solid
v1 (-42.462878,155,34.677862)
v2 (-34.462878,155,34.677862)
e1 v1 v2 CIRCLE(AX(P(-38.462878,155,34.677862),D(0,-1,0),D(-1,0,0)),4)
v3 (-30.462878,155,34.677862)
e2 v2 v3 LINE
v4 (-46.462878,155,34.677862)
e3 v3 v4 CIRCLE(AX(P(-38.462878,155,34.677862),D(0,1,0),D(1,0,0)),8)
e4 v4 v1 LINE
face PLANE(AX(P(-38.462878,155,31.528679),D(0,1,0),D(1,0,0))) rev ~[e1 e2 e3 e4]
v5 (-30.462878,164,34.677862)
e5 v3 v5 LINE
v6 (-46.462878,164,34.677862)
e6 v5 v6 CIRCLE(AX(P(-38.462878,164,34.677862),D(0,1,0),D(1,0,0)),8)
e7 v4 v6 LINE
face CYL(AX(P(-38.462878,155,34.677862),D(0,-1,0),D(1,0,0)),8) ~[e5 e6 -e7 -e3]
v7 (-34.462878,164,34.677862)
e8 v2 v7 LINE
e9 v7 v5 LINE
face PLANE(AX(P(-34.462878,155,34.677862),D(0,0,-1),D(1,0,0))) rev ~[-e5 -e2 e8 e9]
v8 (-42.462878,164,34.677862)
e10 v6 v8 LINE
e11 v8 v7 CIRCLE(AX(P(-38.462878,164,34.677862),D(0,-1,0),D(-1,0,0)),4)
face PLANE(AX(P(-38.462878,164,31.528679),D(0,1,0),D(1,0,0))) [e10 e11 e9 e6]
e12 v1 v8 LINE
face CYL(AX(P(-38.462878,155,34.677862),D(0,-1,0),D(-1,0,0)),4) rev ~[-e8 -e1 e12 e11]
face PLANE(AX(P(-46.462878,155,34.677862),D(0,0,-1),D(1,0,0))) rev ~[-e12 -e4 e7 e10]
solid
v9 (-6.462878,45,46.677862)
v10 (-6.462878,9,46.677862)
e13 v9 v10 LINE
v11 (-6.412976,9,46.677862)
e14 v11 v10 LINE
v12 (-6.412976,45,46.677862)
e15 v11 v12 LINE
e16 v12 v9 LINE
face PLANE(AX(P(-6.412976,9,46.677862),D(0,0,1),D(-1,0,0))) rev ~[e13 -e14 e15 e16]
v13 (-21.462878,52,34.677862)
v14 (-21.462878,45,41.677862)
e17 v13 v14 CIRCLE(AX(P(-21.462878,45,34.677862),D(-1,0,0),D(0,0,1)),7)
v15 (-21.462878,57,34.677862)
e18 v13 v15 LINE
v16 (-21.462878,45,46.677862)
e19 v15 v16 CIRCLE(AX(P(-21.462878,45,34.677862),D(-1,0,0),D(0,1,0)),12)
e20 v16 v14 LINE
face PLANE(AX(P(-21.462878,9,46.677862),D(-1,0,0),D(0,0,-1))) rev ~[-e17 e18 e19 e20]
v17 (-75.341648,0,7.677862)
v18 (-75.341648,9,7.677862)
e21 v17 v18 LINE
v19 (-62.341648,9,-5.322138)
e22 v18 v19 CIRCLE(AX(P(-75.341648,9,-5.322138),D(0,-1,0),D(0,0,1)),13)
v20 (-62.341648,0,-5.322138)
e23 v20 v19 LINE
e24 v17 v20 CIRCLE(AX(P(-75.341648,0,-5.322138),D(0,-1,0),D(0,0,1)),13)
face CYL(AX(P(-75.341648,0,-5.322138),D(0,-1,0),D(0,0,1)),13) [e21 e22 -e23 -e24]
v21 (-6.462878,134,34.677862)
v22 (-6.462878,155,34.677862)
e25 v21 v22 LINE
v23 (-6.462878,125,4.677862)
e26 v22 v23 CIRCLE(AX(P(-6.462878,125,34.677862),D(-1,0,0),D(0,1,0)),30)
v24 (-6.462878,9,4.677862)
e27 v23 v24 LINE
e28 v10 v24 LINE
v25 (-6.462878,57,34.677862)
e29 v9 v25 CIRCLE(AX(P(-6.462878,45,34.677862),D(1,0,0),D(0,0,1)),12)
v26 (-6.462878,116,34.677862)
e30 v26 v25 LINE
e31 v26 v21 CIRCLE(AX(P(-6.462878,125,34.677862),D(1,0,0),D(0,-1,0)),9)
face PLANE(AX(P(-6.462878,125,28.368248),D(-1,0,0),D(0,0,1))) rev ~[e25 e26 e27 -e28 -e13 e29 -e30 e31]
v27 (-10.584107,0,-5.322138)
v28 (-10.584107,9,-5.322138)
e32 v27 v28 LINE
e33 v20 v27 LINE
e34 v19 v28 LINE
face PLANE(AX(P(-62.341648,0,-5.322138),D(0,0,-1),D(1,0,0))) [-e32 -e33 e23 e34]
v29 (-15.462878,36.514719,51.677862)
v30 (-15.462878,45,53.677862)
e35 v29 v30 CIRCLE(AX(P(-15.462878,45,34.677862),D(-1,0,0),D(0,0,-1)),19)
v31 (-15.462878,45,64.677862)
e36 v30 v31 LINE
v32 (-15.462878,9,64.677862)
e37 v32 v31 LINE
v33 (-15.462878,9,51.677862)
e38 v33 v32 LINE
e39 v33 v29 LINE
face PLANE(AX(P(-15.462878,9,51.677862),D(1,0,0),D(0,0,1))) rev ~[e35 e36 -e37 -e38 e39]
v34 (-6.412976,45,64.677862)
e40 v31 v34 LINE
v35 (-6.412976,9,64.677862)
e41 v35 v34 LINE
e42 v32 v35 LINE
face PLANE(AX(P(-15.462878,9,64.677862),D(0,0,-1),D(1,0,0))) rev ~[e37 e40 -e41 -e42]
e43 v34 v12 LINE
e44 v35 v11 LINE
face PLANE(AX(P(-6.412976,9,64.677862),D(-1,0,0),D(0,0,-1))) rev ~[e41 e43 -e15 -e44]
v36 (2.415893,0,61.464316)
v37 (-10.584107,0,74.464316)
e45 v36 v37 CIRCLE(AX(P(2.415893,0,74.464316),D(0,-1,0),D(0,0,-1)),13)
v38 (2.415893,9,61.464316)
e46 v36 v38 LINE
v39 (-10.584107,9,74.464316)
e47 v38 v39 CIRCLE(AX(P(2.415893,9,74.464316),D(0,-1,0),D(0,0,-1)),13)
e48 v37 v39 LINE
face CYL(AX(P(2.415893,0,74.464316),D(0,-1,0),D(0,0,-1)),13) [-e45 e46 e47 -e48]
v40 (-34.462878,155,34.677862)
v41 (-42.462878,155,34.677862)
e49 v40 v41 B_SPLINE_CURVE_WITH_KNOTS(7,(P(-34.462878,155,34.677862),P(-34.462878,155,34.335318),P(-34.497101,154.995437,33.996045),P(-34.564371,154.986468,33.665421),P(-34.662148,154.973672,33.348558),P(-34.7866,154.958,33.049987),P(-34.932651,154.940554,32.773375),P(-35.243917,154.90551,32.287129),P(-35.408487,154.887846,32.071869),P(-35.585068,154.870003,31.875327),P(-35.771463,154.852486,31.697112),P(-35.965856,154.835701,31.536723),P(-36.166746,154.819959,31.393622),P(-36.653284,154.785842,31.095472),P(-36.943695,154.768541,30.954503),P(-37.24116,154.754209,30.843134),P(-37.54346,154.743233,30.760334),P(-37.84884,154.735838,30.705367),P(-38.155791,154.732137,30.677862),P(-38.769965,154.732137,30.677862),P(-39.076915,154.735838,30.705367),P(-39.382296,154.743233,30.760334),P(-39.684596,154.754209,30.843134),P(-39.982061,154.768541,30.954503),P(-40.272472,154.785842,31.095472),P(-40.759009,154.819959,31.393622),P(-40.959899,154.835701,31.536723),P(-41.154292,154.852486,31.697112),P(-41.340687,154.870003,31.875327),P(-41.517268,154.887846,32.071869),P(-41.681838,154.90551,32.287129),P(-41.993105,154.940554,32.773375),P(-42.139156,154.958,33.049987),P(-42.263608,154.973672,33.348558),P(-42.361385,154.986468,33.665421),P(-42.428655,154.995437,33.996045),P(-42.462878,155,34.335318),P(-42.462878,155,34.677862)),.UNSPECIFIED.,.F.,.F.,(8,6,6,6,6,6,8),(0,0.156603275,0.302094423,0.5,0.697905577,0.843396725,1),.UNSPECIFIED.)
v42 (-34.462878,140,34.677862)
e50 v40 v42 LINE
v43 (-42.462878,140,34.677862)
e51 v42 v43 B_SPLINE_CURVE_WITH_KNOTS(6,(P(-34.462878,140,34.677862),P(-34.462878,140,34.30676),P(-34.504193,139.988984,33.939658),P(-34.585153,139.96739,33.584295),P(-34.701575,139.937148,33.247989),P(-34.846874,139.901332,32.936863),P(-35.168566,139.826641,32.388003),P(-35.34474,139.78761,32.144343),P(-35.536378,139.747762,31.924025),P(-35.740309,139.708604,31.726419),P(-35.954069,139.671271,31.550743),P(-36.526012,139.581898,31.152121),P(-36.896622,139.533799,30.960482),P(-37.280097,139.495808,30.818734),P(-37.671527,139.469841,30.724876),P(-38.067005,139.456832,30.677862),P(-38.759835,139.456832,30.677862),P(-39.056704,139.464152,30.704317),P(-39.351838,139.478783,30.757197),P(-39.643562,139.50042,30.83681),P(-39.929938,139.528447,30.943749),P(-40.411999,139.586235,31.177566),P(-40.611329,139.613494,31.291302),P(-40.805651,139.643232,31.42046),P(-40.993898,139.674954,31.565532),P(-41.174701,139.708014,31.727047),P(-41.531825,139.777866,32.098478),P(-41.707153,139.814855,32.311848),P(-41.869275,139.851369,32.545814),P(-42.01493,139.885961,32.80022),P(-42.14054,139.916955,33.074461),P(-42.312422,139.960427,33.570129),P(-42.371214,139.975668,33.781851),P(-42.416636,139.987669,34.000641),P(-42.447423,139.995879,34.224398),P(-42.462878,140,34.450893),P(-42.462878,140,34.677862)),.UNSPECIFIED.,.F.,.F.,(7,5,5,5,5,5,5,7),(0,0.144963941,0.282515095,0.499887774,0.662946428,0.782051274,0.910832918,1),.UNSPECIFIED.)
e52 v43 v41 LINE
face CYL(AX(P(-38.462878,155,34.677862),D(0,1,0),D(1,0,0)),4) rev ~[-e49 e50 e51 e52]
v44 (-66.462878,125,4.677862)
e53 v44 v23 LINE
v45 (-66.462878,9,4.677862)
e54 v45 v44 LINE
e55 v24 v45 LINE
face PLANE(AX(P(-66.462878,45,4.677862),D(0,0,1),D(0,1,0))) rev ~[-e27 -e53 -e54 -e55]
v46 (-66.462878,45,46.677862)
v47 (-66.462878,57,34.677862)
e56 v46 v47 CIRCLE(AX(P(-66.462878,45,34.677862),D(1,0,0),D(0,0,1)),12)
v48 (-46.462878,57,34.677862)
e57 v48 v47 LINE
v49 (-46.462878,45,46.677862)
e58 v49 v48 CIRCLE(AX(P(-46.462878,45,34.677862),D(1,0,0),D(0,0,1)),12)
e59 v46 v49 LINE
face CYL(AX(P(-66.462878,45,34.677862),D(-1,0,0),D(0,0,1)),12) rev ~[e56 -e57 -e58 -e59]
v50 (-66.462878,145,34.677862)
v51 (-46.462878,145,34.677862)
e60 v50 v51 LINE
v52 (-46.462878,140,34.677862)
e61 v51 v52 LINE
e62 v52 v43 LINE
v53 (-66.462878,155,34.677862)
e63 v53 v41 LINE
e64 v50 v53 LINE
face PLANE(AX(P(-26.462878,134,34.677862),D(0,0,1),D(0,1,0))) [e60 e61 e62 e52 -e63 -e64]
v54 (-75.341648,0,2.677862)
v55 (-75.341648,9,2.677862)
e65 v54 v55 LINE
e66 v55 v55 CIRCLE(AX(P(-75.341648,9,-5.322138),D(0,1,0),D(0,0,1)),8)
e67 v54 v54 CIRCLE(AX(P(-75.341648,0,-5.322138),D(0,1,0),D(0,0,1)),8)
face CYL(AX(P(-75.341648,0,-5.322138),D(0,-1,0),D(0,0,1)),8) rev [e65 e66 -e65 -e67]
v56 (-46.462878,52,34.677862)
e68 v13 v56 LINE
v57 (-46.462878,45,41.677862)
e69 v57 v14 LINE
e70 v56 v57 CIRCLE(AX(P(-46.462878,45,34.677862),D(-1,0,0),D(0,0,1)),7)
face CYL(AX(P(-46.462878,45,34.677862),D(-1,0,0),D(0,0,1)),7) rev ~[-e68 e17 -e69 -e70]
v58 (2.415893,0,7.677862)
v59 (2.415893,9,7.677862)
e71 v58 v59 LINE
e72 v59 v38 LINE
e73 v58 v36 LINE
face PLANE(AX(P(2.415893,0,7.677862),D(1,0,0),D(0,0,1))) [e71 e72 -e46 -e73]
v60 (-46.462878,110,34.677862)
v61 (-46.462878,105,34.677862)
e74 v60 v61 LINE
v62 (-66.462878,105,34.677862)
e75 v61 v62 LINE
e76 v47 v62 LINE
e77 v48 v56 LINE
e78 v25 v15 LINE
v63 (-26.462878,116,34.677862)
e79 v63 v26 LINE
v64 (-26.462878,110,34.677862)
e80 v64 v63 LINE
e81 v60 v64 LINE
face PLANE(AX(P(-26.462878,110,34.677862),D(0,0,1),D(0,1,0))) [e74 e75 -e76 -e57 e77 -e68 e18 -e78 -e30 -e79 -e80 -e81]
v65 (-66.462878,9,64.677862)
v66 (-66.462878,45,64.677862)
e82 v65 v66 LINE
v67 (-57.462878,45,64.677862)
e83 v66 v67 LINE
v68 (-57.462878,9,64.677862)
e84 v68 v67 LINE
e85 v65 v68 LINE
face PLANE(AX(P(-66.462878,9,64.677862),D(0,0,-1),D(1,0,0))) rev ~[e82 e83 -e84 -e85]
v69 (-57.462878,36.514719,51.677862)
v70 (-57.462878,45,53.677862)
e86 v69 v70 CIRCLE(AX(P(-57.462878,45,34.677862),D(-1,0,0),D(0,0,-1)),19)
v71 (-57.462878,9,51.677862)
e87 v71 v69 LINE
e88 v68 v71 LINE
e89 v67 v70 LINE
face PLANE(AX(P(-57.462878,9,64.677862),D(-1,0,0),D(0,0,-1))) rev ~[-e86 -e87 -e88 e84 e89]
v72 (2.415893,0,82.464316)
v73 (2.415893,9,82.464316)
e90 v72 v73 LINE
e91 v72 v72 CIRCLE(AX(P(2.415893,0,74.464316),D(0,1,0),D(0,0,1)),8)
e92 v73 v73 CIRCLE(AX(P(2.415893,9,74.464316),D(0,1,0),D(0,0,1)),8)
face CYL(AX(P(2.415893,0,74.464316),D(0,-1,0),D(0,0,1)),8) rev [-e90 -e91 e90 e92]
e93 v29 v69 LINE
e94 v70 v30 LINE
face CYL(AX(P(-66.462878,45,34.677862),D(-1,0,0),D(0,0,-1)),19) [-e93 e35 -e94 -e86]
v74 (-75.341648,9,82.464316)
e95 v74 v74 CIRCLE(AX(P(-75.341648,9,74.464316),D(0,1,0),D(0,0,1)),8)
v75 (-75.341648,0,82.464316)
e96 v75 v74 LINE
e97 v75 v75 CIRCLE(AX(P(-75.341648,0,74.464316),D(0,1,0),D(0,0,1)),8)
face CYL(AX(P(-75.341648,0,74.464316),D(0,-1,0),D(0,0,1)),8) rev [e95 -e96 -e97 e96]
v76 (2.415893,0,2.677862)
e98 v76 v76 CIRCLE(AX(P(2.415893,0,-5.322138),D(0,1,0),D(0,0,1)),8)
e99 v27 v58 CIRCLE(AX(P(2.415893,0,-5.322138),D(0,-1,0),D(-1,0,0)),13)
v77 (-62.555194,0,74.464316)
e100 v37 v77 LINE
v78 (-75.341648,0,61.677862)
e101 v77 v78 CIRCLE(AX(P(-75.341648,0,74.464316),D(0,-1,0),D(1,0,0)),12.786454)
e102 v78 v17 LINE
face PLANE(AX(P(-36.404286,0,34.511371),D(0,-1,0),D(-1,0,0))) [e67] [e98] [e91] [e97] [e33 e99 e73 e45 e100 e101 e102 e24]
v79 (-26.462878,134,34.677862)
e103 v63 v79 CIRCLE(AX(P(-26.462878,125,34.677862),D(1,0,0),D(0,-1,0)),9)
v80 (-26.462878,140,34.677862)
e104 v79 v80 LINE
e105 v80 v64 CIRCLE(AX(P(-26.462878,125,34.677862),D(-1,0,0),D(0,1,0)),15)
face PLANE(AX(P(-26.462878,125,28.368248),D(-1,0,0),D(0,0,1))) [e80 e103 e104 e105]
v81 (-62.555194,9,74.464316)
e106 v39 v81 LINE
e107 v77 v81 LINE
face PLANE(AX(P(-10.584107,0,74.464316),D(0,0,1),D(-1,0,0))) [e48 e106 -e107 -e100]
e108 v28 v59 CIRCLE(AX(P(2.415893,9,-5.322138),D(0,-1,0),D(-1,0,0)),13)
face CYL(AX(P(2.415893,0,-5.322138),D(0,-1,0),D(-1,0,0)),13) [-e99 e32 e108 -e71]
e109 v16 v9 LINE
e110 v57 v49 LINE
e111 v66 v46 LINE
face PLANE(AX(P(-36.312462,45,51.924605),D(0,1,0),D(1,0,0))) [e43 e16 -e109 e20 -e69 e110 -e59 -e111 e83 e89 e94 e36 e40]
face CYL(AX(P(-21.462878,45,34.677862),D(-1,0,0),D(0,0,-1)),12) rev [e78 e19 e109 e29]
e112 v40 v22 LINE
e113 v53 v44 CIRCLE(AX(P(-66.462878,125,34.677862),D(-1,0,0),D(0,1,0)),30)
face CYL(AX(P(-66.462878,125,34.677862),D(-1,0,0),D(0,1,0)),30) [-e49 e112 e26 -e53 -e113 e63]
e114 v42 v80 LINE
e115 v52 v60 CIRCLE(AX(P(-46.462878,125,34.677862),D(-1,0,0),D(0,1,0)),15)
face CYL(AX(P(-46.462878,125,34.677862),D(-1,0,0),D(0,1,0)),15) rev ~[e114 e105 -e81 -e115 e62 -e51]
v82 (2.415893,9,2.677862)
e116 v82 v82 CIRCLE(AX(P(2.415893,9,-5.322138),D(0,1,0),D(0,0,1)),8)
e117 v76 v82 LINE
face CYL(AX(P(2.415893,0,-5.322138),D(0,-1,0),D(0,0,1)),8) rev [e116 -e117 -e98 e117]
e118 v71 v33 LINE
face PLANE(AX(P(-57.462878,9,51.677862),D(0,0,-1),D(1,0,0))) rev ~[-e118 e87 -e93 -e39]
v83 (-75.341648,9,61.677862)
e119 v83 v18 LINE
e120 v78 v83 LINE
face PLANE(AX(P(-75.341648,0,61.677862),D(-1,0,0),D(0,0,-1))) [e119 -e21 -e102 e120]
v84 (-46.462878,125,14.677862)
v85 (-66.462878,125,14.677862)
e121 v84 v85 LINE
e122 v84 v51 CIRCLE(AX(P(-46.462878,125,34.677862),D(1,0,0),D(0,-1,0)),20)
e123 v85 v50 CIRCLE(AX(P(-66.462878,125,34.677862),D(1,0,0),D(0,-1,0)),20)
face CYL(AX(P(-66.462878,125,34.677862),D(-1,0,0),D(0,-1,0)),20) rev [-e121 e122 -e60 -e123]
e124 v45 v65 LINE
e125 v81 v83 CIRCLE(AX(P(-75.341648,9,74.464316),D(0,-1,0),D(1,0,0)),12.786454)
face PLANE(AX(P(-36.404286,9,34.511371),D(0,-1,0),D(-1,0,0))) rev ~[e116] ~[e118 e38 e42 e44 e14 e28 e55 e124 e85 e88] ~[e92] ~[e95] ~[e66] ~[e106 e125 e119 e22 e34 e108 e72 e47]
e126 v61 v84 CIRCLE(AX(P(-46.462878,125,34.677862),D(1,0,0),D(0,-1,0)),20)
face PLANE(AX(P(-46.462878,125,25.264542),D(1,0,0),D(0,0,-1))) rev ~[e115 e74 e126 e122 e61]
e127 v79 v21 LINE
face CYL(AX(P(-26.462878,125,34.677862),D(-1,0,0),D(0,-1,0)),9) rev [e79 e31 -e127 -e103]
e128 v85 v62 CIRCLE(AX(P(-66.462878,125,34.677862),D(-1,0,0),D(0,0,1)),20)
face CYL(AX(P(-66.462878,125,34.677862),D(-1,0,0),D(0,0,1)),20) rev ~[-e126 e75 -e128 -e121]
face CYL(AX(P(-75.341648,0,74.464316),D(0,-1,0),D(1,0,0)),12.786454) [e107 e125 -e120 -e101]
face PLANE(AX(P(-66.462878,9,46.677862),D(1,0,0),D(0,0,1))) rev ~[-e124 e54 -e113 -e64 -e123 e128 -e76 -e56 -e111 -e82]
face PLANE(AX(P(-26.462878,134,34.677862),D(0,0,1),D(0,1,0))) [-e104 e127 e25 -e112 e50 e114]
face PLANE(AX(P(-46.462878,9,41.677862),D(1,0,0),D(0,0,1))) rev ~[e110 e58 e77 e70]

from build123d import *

# Parameters (mm, degrees)
SKETCH1_R            = 8
BOSS_EXTRUDE1_DEPTH  = 9
BOSS_EXTRUDE2_DEPTH  = 36
SKETCH3_W            = 30
SKETCH3_H            = 80
BOSS_EXTRUDE3_DEPTH  = 60
SKETCH4_R            = 12
CUT_EXTRUDE2_DEPTH   = 20
SKETCH5_R            = 7
CUT_EXTRUDE3_DEPTH   = 25
CUT_EXTRUDE4_START   = -15
SKETCH6_R            = 12
CUT_EXTRUDE4_DEPTH   = 15
BOSS_EXTRUDE4_DEPTH  = 36
BOSS_EXTRUDE5_DEPTH  = 60
SKETCH10_R           = 20
CUT_EXTRUDE5_DEPTH   = 60
BOSS_EXTRUDE7_DEPTH  = 60
BOSS_EXTRUDE8_DEPTH  = 40
BOSS_EXTRUDE9_DEPTH  = 20
BOSS_EXTRUDE10_DEPTH = 9
SKETCH20_R           = 4
CUT_EXTRUDE6_DEPTH   = 18


with BuildPart() as part:
    # Sketch1 → Boss-Extrude1 (new body)
    with BuildSketch(Plane(origin=(0, 0, 0), x_dir=(1, 0, 0), z_dir=(0, 1, 0))):
        with BuildLine():
            Line((-62.341648488, 5.322137989), (-10.584107064, 5.322137989))
            ThreePointArc((-10.584107064, 5.322137989), (11.608281092, 14.514526145), (2.415892936, -7.677862011))
            Line((2.415892936, -7.677862011), (2.415892936, -61.464316376))
            ThreePointArc((2.415892936, -61.464316376), (11.608281092, -83.656704531), (-10.584107064, -74.464316376))
            Line((-10.584107064, -74.464316376), (-62.555194123, -74.464316376))
            ThreePointArc((-62.555194123, -74.464316376), (-84.383037077, -83.505704964), (-75.341648488, -61.677862011))
            Line((-75.341648488, -61.677862011), (-75.341648488, -7.677862011))
            ThreePointArc((-75.341648488, -7.677862011), (-84.534036644, 14.514526145), (-62.341648488, 5.322137989))
        make_face()
        with Locations(Location((2.415892936, 5.322137989, 0), (0, 0, 270))):
            Circle(SKETCH1_R, mode=Mode.SUBTRACT)
        with Locations(Location((-75.341648488, 5.322137989, 0), (0, 0, 270))):
            Circle(SKETCH1_R, mode=Mode.SUBTRACT)
        with Locations(Location((-75.341648488, -74.464316376, 0), (0, 0, 270))):
            Circle(SKETCH1_R, mode=Mode.SUBTRACT)
        with Locations(Location((2.415892936, -74.464316376, 0), (0, 0, 270))):
            Circle(SKETCH1_R, mode=Mode.SUBTRACT)
    extrude(amount=BOSS_EXTRUDE1_DEPTH)

    # Sketch2 → Boss-Extrude2 (add)
    with BuildSketch(Plane(origin=(0, 9, 0), x_dir=(1, 0, 0), z_dir=(0, 1, 0))):
        Polygon((-66.462877776, -4.677862011), (-66.462877776, -46.677862011), (-46.462877776, -46.677862011), (-46.462877776, -41.677862011), (-21.462877776, -41.677862011), (-21.462877776, -46.677862011), (-6.462877776, -46.677862011), (-6.462877776, -4.677862011), align=None)
    extrude(amount=BOSS_EXTRUDE2_DEPTH)

    # Sketch3 → Boss-Extrude3 (add)
    with BuildSketch(Plane.ZY.offset(66.462877776)):
        with Locations((19.677862011, 85)):
            Rectangle(SKETCH3_W, SKETCH3_H)
    extrude(amount=-BOSS_EXTRUDE3_DEPTH)

    # Sketch4 → Cut-Extrude2 (cut)
    with BuildSketch(Plane.ZY.offset(66.462877776)):
        with Locations((34.677862011, 45)):
            Circle(SKETCH4_R)
    extrude(amount=-CUT_EXTRUDE2_DEPTH, mode=Mode.SUBTRACT)

    # Sketch5 → Cut-Extrude3 (cut)
    with BuildSketch(Plane.ZY.offset(46.462877776)):
        with Locations((34.677862011, 45)):
            Circle(SKETCH5_R)
    extrude(amount=-CUT_EXTRUDE3_DEPTH, mode=Mode.SUBTRACT)

    # Sketch6 → Cut-Extrude4 (cut)
    with BuildSketch(Plane(origin=(-6.462877776, 0, 0), x_dir=(0, 0, -1), z_dir=(1, 0, 0)).offset(CUT_EXTRUDE4_START)):
        with Locations((-34.677862011, 45)):
            Circle(SKETCH6_R)
    extrude(amount=CUT_EXTRUDE4_DEPTH, mode=Mode.SUBTRACT)

    # Sketch7 → Boss-Extrude4 (add)
    with BuildSketch(Plane(origin=(0, 9, 0), x_dir=(1, 0, 0), z_dir=(0, 1, 0))):
        Polygon((-66.462877776, -46.677862011), (-66.462877776, -64.677862011), (-57.462877776, -64.677862011), (-57.462877776, -51.677862011), (-15.462877776, -51.677862011), (-15.462877776, -64.677862011), (-6.412975689, -64.677862011), (-6.412975689, -46.677862011), (-21.462877776, -46.677862011), (-21.462877776, -41.677862011), (-46.462877776, -41.677862011), (-46.462877776, -46.677862011), align=None)
    extrude(amount=BOSS_EXTRUDE4_DEPTH)

    # Sketch9 → Boss-Extrude5 (add)
    with BuildSketch(Plane.ZY.offset(66.462877776)):
        with BuildLine():
            Line((53.677862011, 45), (46.677862011, 45))
            ThreePointArc((46.677862011, 45), (34.677862011, 33), (22.677862011, 45))
            Line((22.677862011, 45), (15.677862011, 45))
            ThreePointArc((15.677862011, 45), (34.677862011, 26), (53.677862011, 45))
        make_face()
    extrude(amount=-BOSS_EXTRUDE5_DEPTH)

    # Sketch10 → Cut-Extrude5 (cut)
    with BuildSketch(Plane.ZY.offset(66.462877776)):
        with Locations((34.677862011, 125)):
            Circle(SKETCH10_R)
    extrude(amount=-CUT_EXTRUDE5_DEPTH, mode=Mode.SUBTRACT)

    # Sketch11 → Boss-Extrude7 (add)
    with BuildSketch(Plane.ZY.offset(66.462877776)):
        with BuildLine():
            Line((34.677862011, 95), (34.677862011, 105))
            ThreePointArc((34.677862011, 105), (14.677862011, 125), (34.677862011, 145))
            Line((34.677862011, 145), (34.677862011, 155))
            ThreePointArc((34.677862011, 155), (4.677862011, 125), (34.677862011, 95))
        make_face()
    extrude(amount=-BOSS_EXTRUDE7_DEPTH)

    # Sketch17 → Boss-Extrude8 (add)
    with BuildSketch(Plane.ZY.offset(46.462877776)):
        with BuildLine():
            Line((34.677862011, 145), (34.677862011, 140))
            ThreePointArc((34.677862011, 140), (19.677862011, 125), (34.677862011, 110))
            Line((34.677862011, 110), (34.677862011, 105))
            ThreePointArc((34.677862011, 105), (14.677862011, 125), (34.677862011, 145))
        make_face()
    extrude(amount=-BOSS_EXTRUDE8_DEPTH)

    # Sketch18 → Boss-Extrude9 (add)
    with BuildSketch(Plane.ZY.offset(26.462877776)):
        with BuildLine():
            Line((34.677862011, 134), (34.677862011, 140))
            ThreePointArc((34.677862011, 140), (19.677862011, 125), (34.677862011, 110))
            Line((34.677862011, 110), (34.677862011, 116))
            ThreePointArc((34.677862011, 116), (25.677862011, 125), (34.677862011, 134))
        make_face()
    extrude(amount=-BOSS_EXTRUDE9_DEPTH)

    # Sketch20 → Cut-Extrude6 (cut)
    with BuildSketch(Plane(origin=(0, 155, 0), x_dir=(1, 0, 0), z_dir=(0, 1, 0))):
        with Locations((-38.462877776, -34.677862011)):
            Circle(SKETCH20_R)
    extrude(amount=-CUT_EXTRUDE6_DEPTH, mode=Mode.SUBTRACT)


with BuildPart() as body_2:
    # Sketch19 → Boss-Extrude10 (new body)
    with BuildSketch(Plane(origin=(0, 155, 0), x_dir=(1, 0, 0), z_dir=(0, 1, 0))):
        with BuildLine():
            ThreePointArc((-30.462877776, -34.677862011), (-38.462877776, -26.677862011), (-46.462877776, -34.677862011))
            Line((-46.462877776, -34.677862011), (-42.462877776, -34.677862011))
            ThreePointArc((-42.462877776, -34.677862011), (-38.462877776, -30.677862011), (-34.462877776, -34.677862011))
            Line((-34.462877776, -34.677862011), (-30.462877776, -34.677862011))
        make_face()
    extrude(amount=BOSS_EXTRUDE10_DEPTH)


solid = Compound([part.part, body_2.part])
